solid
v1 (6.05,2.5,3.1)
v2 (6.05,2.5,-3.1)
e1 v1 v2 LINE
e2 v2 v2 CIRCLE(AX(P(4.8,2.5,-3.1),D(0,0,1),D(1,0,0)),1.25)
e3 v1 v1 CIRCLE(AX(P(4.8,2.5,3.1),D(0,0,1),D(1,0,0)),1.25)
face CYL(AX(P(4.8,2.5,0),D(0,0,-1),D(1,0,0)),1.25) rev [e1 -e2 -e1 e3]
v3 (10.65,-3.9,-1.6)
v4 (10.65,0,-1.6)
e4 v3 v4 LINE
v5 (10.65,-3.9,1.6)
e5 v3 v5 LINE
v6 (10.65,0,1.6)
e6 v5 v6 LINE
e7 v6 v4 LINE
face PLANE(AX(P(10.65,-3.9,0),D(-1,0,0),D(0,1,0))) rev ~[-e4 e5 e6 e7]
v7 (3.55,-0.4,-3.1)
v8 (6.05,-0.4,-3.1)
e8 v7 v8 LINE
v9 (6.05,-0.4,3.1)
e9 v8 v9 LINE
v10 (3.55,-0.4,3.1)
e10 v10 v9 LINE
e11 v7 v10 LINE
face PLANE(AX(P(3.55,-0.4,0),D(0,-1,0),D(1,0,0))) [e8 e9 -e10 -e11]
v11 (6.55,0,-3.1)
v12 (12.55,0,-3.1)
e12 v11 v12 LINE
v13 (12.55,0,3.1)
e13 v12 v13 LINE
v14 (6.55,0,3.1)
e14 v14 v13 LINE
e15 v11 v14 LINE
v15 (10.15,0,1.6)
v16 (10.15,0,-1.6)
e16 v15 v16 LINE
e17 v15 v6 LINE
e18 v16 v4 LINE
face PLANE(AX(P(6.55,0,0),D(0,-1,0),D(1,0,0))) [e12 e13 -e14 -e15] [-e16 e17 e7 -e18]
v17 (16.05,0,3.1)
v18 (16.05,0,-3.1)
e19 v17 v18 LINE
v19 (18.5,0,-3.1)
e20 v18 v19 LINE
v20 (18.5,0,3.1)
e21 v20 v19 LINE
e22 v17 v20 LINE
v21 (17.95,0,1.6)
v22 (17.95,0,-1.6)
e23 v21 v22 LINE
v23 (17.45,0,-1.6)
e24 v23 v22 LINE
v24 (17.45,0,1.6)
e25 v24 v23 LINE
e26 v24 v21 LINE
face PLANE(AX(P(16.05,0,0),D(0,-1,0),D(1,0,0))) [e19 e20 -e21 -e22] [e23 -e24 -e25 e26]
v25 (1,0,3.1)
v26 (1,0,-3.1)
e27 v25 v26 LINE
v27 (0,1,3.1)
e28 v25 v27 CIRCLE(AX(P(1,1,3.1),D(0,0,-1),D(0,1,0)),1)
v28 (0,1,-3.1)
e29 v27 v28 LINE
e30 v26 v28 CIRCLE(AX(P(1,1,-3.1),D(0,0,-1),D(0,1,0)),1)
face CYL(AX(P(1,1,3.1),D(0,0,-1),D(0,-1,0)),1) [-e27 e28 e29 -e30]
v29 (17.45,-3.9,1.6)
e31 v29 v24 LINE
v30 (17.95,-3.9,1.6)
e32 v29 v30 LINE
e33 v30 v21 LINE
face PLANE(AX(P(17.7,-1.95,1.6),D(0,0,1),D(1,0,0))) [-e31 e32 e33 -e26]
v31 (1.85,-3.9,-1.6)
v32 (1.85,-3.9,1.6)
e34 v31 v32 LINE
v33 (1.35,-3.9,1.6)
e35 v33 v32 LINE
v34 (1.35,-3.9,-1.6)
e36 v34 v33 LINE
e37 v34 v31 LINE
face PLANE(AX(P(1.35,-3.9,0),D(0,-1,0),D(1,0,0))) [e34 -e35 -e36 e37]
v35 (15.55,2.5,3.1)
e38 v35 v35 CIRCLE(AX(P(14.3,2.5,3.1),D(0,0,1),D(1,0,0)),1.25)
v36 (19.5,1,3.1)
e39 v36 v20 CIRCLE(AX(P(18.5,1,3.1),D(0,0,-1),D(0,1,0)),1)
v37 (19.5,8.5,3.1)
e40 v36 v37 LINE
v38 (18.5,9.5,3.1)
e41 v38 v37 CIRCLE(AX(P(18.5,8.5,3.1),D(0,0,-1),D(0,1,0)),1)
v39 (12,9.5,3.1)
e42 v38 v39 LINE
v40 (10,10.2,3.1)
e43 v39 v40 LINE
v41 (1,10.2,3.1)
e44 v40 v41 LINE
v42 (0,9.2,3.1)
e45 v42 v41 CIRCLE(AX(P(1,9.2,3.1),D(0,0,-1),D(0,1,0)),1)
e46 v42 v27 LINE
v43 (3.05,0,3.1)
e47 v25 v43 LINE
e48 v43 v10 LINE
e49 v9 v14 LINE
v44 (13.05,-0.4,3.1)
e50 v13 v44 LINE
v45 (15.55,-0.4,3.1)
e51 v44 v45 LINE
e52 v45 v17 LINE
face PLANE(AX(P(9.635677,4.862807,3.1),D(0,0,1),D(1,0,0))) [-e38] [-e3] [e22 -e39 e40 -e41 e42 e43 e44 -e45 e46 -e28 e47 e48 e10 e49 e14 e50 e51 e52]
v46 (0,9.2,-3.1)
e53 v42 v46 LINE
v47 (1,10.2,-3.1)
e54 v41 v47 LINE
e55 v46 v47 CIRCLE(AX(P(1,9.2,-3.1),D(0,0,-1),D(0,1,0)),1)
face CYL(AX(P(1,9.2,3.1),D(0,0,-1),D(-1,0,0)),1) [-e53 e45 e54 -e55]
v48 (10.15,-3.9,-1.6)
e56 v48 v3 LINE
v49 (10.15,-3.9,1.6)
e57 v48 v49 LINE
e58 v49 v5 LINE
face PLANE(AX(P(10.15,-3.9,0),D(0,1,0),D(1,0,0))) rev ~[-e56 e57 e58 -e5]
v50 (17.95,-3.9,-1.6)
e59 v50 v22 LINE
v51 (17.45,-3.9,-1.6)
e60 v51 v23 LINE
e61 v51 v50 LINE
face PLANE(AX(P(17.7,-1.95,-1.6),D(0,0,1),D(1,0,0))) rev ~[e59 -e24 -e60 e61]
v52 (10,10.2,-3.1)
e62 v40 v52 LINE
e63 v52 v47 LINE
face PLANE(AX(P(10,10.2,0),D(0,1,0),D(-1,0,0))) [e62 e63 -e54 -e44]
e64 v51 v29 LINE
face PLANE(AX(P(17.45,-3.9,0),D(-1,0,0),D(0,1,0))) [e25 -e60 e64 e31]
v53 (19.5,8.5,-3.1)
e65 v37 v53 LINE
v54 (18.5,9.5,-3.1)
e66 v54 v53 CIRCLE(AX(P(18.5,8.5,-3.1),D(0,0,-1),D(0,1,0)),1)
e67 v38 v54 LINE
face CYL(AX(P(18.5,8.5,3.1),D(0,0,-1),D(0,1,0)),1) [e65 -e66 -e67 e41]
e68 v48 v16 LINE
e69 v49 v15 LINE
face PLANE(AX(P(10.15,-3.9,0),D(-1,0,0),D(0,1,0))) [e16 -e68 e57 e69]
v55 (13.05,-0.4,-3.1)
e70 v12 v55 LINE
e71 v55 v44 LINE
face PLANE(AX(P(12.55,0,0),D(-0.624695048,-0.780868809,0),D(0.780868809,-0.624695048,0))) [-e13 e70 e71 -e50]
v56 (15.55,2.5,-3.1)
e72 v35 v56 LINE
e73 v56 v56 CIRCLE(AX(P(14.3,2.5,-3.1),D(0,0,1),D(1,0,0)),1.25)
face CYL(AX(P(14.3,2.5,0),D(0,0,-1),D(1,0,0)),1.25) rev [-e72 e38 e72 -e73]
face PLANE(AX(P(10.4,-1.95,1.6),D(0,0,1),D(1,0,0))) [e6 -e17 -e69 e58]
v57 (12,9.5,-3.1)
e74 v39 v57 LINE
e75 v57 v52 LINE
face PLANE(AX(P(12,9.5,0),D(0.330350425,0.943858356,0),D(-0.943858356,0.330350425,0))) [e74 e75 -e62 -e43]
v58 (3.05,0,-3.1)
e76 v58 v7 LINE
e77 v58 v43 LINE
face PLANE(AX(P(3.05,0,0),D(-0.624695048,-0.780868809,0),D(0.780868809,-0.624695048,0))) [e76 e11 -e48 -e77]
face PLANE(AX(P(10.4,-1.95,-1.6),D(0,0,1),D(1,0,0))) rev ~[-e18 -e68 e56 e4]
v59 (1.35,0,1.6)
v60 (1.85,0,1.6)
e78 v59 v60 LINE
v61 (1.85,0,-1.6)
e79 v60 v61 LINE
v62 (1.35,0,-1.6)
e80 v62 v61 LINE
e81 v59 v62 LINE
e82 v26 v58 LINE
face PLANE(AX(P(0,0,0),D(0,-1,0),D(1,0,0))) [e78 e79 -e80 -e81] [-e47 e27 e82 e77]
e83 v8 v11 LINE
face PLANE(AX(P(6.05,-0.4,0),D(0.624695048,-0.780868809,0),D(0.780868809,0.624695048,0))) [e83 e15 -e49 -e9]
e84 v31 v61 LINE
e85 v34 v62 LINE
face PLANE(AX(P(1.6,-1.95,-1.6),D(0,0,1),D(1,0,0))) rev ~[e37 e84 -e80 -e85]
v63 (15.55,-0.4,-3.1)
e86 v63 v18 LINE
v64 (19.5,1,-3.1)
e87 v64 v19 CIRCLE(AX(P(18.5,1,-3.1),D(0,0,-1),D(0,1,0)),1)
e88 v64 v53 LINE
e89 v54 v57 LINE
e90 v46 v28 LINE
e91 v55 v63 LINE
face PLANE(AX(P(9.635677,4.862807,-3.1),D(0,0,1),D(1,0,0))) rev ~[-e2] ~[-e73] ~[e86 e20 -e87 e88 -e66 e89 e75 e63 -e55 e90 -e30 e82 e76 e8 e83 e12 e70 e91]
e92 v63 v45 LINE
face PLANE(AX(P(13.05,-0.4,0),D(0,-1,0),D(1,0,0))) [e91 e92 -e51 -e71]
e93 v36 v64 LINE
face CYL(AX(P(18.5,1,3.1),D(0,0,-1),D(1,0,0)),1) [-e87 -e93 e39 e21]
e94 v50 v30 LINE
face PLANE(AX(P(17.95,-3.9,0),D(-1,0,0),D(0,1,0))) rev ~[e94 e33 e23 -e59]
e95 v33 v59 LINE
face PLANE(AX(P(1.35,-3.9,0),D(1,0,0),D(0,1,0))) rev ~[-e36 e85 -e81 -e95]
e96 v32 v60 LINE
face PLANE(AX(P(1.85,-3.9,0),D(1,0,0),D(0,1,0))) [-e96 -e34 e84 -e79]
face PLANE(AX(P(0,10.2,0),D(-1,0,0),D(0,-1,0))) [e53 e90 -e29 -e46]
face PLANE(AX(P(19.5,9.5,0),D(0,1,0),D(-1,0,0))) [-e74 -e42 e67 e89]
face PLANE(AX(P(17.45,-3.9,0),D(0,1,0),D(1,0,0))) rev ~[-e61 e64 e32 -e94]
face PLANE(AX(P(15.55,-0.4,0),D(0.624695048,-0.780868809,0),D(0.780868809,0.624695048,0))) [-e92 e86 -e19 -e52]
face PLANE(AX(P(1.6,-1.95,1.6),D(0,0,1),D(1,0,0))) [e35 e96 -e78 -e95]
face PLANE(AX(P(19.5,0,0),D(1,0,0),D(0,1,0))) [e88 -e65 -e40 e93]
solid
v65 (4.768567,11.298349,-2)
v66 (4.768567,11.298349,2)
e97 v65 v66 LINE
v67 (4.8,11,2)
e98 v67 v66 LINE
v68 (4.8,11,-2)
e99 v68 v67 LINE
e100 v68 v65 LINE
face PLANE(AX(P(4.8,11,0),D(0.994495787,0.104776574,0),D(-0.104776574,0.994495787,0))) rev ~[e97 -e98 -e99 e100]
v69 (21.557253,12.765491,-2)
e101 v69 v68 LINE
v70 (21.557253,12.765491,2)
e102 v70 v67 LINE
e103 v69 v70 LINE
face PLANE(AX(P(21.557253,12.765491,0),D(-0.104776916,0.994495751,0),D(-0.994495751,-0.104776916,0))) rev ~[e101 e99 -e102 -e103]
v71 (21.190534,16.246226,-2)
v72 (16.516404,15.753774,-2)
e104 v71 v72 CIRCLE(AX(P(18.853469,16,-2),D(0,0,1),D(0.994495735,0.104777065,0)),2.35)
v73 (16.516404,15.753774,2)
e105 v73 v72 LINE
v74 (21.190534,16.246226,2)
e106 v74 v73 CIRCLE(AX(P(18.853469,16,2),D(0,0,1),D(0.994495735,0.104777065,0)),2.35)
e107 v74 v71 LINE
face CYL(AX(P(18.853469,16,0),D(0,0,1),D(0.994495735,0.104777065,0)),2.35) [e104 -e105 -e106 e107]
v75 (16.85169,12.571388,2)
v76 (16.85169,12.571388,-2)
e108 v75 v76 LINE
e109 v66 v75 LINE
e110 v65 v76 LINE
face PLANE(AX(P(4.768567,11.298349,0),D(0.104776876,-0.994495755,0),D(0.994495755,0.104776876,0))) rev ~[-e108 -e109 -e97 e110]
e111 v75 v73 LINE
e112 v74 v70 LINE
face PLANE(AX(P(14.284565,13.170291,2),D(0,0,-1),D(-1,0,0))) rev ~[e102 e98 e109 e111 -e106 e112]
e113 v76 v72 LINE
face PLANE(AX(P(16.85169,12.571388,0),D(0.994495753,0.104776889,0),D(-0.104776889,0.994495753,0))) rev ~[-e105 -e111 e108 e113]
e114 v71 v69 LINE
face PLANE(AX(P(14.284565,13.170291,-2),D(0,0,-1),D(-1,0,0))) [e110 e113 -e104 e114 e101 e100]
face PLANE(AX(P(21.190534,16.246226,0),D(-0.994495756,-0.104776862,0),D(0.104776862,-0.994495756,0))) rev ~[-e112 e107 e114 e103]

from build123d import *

# Parameters (mm, degrees)
PAD002_DEPTH = 2
SKETCH001_W  = 0.5
SKETCH001_H  = 3.9
PAD001_DEPTH = 1.6
SKETCH_R     = 1.25
PAD_DEPTH    = 3.1
FILLET_R     = 1


with BuildPart() as pad002:
    # Sketch002 → Pad002 (new body, symmetric)
    with BuildSketch(Plane.XY):
        with BuildLine():
            Line((4.768567, 11.298349), (16.85169, 12.571388))
            Line((16.85169, 12.571388), (16.516404, 15.753774))
            ThreePointArc((21.190534, 16.246226), (18.607244, 18.337065), (16.516404, 15.753774))
            Line((21.190534, 16.246226), (21.557253, 12.765491))
            Line((21.557253, 12.765491), (4.8, 11))
            Line((4.8, 11), (4.768567, 11.298349))
        make_face()
    extrude(amount=PAD002_DEPTH, both=True)


with BuildPart() as pad_contacts:
    # Sketch001 → Pad001 (new body, symmetric)
    with BuildSketch(Plane.XY):
        with Locations((17.7, -1.95)):
            Rectangle(SKETCH001_W, SKETCH001_H)
        with Locations((10.4, -1.95)):
            Rectangle(SKETCH001_W, SKETCH001_H)
        with Locations((1.6, -1.95)):
            Rectangle(SKETCH001_W, SKETCH001_H)
    extrude(amount=PAD001_DEPTH, both=True)


with BuildPart() as fusion:
    # Sketch → Pad (new body, symmetric)
    with BuildSketch(Plane.XY):
        Polygon((0, 0), (3.05, 0), (3.55, -0.4), (6.05, -0.4), (6.55, 0), (12.55, 0), (13.05, -0.4), (15.55, -0.4), (16.05, 0), (19.5, 0), (19.5, 9.5), (12, 9.5), (10, 10.2), (0, 10.2), align=None)
        with Locations((14.3, 2.5)):
            Circle(SKETCH_R, mode=Mode.SUBTRACT)
        with Locations((4.8, 2.5)):
            Circle(SKETCH_R, mode=Mode.SUBTRACT)
    extrude(amount=PAD_DEPTH, both=True)

    # Fillet
    fillet_edges = [fusion.edges().sort_by_distance(p)[0] for p in [
        (19.5, 9.5, 0),
        (0, 10.2, 0),
        (0, 0, 0),
        (19.5, 0, 0),
    ]]
    fillet(fillet_edges, radius=FILLET_R)

    # Fusion: union Pad002, Pad-contacts
    add(pad002.part)
    add(pad_contacts.part)


solid = fusion.part
